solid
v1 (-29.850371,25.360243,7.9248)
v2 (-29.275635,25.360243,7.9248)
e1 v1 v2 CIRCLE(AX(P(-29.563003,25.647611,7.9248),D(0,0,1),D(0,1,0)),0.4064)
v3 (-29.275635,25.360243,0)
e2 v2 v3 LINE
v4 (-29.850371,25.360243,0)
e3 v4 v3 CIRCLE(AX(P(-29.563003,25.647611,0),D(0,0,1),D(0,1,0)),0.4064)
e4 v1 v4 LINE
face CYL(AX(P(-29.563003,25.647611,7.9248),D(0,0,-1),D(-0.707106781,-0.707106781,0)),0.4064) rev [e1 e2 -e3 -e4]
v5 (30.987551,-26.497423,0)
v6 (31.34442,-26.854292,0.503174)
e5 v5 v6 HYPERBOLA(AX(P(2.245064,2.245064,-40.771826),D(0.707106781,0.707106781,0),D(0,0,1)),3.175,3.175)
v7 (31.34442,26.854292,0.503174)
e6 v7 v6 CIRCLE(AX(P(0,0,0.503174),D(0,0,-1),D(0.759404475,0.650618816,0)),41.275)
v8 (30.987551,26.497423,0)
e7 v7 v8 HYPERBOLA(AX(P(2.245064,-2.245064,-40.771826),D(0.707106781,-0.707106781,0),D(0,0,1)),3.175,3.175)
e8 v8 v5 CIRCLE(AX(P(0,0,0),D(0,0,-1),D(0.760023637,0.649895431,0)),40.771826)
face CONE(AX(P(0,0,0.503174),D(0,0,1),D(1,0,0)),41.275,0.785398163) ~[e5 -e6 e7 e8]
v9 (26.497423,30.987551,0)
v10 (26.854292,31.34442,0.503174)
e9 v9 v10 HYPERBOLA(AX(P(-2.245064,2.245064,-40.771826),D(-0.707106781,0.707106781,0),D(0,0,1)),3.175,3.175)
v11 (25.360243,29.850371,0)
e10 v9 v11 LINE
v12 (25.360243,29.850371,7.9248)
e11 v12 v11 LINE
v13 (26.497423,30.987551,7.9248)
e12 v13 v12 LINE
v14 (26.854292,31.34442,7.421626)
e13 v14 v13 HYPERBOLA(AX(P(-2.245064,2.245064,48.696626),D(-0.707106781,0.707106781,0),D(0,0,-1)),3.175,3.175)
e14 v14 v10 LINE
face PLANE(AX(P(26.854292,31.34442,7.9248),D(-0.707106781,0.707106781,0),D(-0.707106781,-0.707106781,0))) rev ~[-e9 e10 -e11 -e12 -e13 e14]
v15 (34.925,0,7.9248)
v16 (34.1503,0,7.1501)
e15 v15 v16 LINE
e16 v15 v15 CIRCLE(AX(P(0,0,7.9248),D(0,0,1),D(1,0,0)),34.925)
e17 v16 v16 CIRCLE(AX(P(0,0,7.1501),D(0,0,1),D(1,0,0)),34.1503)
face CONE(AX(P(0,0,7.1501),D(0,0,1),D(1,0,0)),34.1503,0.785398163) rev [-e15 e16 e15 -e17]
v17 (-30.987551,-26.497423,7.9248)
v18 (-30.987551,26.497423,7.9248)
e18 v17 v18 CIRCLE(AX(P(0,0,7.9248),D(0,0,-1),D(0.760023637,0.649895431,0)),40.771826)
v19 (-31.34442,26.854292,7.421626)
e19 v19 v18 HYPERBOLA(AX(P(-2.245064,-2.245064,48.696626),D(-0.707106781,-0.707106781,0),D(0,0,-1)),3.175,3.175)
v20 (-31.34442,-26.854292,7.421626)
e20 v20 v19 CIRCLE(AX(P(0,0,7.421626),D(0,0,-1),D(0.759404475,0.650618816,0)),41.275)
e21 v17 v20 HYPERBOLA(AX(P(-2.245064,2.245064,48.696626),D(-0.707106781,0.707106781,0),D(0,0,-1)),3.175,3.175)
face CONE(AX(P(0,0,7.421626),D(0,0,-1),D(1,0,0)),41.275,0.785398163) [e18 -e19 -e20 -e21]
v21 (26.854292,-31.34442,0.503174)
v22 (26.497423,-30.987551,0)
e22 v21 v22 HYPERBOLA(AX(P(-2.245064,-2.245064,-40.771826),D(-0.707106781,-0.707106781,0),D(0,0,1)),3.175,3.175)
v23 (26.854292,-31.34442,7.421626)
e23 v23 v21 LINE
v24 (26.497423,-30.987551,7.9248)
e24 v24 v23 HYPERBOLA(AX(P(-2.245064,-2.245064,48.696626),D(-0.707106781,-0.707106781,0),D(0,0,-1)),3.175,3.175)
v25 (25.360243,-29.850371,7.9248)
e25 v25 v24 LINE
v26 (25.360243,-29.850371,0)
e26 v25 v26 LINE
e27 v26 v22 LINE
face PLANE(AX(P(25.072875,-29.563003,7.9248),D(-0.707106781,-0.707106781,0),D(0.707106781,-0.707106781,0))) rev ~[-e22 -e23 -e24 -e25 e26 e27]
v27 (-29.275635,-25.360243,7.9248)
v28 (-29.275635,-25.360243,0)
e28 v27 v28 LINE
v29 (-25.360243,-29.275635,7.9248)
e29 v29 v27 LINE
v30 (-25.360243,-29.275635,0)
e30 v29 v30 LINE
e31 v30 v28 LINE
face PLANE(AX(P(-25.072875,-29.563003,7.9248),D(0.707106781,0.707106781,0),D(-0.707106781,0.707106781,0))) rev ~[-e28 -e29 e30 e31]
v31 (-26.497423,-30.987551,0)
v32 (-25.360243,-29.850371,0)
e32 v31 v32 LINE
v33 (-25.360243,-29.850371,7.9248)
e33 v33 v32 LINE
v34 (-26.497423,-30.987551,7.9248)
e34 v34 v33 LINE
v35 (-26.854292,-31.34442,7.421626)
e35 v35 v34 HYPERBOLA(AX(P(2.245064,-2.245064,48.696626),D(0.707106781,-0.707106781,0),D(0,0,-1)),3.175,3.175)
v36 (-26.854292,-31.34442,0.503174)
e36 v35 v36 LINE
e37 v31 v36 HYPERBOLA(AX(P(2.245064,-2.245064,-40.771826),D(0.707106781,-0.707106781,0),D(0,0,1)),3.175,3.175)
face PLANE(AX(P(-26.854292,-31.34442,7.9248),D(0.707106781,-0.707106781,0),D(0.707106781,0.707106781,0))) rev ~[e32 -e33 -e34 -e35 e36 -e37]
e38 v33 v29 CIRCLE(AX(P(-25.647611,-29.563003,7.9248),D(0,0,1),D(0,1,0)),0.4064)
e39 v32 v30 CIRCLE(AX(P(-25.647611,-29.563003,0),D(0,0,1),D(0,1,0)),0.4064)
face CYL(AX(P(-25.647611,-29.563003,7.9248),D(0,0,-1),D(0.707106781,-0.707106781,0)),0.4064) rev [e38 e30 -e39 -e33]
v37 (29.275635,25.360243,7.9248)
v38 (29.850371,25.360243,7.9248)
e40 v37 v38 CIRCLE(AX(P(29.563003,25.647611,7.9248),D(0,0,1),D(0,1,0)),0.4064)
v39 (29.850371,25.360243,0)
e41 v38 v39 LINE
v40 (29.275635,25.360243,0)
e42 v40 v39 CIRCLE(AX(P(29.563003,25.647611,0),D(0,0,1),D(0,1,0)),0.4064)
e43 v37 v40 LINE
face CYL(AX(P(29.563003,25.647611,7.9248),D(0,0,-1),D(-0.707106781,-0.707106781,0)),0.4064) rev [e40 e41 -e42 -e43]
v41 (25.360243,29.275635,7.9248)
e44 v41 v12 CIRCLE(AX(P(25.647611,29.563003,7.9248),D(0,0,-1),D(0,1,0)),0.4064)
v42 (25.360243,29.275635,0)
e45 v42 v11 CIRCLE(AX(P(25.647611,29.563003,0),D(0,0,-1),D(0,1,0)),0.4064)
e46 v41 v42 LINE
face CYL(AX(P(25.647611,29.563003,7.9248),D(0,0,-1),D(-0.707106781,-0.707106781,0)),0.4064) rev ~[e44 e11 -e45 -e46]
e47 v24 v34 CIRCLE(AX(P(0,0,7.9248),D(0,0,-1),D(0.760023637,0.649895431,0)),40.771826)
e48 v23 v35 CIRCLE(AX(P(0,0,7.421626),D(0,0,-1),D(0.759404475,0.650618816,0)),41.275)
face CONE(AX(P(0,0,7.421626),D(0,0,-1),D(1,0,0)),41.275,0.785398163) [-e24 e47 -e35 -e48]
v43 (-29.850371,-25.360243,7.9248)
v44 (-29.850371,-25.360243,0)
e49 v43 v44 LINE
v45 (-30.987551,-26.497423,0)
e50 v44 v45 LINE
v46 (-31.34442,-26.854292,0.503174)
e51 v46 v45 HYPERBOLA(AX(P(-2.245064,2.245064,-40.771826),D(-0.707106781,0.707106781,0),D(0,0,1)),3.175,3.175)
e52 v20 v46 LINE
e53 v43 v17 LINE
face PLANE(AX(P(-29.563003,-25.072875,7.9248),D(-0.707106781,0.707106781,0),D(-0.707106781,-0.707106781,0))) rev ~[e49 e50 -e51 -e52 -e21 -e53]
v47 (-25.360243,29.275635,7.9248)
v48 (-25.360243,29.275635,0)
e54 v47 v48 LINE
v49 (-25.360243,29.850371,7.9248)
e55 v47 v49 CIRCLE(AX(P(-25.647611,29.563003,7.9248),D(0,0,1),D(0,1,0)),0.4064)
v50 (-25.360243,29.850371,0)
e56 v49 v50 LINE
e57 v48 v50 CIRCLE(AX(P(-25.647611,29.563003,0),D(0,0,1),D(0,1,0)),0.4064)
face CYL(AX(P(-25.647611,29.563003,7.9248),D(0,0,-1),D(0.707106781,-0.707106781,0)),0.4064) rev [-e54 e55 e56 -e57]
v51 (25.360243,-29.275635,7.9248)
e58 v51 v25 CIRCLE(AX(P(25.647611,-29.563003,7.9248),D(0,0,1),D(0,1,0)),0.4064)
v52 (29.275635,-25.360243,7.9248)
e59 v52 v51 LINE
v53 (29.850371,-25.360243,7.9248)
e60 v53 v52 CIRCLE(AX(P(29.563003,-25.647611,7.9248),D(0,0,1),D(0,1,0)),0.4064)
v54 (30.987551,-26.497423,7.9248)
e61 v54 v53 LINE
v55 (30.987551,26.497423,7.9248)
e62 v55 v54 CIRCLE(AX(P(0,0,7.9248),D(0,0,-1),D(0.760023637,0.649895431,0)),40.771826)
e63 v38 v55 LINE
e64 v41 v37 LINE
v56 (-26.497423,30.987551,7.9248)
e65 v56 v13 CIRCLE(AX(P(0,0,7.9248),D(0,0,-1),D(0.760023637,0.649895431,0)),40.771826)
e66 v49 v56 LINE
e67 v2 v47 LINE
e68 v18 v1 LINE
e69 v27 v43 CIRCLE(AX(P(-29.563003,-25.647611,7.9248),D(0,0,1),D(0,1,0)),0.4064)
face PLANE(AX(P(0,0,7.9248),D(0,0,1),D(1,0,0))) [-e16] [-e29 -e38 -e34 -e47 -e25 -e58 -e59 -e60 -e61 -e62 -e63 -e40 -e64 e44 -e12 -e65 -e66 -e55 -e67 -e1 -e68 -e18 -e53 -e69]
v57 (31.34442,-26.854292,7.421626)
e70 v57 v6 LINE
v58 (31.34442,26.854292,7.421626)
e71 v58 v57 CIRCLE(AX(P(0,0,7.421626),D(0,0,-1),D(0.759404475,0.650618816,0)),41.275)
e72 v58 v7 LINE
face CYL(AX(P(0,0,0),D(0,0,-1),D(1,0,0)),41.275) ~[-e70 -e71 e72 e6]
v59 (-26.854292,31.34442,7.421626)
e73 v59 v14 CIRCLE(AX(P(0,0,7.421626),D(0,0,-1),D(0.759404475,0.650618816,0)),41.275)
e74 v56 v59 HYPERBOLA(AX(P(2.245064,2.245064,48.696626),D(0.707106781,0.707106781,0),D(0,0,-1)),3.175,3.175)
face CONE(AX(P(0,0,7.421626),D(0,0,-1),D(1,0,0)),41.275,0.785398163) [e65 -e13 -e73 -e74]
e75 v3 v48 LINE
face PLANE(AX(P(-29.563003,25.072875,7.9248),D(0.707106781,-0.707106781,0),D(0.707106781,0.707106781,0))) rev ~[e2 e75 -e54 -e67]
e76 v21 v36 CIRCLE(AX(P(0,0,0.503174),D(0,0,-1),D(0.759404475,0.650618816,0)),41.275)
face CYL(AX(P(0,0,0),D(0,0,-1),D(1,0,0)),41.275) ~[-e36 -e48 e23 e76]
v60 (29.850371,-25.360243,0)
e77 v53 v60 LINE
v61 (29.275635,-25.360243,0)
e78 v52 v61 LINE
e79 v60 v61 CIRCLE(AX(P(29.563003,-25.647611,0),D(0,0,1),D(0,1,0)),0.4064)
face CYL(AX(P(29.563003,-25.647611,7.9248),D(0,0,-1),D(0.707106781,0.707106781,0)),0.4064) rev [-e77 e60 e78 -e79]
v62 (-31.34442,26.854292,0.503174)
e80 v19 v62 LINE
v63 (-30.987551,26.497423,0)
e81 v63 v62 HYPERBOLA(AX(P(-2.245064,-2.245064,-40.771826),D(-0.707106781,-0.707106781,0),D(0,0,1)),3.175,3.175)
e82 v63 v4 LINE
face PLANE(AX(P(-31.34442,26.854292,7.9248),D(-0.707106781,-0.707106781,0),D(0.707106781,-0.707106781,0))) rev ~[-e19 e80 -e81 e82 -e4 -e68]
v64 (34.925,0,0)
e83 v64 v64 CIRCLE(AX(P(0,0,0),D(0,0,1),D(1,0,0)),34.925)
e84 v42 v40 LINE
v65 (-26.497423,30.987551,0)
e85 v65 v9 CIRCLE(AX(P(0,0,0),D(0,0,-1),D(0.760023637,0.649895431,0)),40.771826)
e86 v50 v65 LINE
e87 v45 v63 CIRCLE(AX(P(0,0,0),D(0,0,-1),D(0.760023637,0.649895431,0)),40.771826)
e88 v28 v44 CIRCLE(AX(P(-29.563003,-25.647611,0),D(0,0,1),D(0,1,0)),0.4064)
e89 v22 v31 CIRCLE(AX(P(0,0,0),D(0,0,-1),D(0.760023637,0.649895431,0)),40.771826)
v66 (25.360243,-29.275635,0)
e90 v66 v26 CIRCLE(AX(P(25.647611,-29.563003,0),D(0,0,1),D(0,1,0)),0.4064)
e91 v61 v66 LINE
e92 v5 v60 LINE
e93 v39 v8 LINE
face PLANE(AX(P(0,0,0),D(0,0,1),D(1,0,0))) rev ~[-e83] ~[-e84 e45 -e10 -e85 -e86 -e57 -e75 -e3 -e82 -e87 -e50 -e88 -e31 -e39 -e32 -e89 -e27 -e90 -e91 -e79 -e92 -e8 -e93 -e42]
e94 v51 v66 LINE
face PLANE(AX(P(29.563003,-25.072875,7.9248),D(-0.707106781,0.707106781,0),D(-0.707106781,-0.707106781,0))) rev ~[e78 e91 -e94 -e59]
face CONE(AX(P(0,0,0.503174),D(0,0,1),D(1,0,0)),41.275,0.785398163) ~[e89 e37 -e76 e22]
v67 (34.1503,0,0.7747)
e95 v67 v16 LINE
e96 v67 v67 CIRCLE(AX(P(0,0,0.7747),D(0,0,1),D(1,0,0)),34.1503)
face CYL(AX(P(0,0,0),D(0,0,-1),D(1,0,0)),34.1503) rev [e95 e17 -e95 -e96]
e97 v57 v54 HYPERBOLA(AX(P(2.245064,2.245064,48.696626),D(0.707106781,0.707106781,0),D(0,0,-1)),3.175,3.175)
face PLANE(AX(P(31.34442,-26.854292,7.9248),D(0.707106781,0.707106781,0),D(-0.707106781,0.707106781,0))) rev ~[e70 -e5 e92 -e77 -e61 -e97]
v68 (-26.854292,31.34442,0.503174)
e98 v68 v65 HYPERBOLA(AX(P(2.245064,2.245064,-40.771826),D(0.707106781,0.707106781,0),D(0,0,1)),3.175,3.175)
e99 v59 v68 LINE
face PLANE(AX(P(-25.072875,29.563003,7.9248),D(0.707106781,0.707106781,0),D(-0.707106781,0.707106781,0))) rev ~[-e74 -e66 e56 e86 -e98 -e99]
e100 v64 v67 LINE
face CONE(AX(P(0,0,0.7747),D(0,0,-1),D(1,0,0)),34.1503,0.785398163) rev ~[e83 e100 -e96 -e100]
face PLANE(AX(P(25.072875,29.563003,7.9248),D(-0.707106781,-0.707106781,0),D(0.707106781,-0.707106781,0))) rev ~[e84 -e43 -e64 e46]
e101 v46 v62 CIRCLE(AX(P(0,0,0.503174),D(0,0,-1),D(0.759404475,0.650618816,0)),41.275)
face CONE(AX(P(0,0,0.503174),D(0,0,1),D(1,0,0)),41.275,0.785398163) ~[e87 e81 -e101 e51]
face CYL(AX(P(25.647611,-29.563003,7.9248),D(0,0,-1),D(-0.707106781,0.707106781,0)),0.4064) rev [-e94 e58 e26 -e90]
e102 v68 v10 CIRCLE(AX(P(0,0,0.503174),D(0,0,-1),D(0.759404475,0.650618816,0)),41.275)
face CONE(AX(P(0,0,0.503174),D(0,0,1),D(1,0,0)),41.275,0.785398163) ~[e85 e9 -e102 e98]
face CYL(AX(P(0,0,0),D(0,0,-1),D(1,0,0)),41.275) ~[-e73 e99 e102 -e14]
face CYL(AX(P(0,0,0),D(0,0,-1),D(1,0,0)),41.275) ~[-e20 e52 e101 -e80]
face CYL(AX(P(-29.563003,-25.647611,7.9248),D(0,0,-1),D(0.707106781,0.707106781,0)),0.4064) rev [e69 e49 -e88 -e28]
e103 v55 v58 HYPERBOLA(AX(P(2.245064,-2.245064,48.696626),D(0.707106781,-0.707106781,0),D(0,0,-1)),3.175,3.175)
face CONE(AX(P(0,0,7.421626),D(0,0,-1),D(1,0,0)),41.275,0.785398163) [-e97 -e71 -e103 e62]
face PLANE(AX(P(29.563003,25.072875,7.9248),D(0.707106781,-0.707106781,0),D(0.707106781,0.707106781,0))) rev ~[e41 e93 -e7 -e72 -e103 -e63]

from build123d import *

# Parameters (mm, degrees)
SKETCH1_R                = 41.275
SKETCH1_R_2              = 34.1503
EXTRUDE1_DEPTH           = 7.9248
CHAMFER1_SIZE            = 0.503174
CHAMFER2_SIZE            = 0.7747
CUT_EXTRUDE1_DEPTH       = 8.9248
FILLET1_R                = 0.4064
CIRPATTERN1_COUNT        = 4
FILLET1_OF_CIRPATTERN1_R = 0.4064


with BuildPart() as part:
    # Sketch1 → Extrude1 (new body)
    with BuildSketch(Plane.XY):
        Circle(SKETCH1_R)
        Circle(SKETCH1_R_2, mode=Mode.SUBTRACT)
    extrude(amount=EXTRUDE1_DEPTH)

    # Chamfer1
    chamfer1_edges = [part.edges().sort_by_distance(p)[0] for p in [
        (-41.275, 0, 0),
        (-41.275, 0, 7.9248),
    ]]
    chamfer(chamfer1_edges, length=CHAMFER1_SIZE)

    # Chamfer2
    chamfer2_edges = [part.edges().sort_by_distance(p)[0] for p in [
        (-34.1503, 0, 0),
        (-34.1503, 0, 7.9248),
    ]]
    chamfer(chamfer2_edges, length=CHAMFER2_SIZE)

    # Sketch2 → Cut-Extrude1 (cut, through all)
    with BuildSketch(Plane.XY.offset(7.9248)):
        with BuildLine():
            Line((26.854291633, 31.344419693), (25.07287509, 29.563003151))
            Line((25.07287509, 29.563003151), (29.563003151, 25.07287509))
            Line((29.563003151, 25.07287509), (31.344419693, 26.854291633))
            ThreePointArc((31.344419693, 26.854291633), (29.185832393, 29.185832393), (26.854291633, 31.344419693))
        make_face()
    cut_extrude1 = extrude(amount=-CUT_EXTRUDE1_DEPTH, mode=Mode.SUBTRACT)

    # Fillet1
    fillet1_edges = [part.edges().sort_by_distance(p)[0] for p in [
        (29.563003151, 25.07287509, 3.9624),
        (25.07287509, 29.563003151, 3.9624),
    ]]
    fillet(fillet1_edges, radius=FILLET1_R)

    # CirPattern1: Cut-Extrude1 ×4 about axis
    cirpattern1_axis = Axis((0, 0, 0), (0, 0, 1))
    for i in range(1, CIRPATTERN1_COUNT):
        add(cut_extrude1.rotate(cirpattern1_axis, i * 360 / CIRPATTERN1_COUNT), mode=Mode.SUBTRACT)

    # Fillet1 of CirPattern1
    fillet1_of_cirpattern1_edges = [part.edges().sort_by_distance(p)[0] for p in [
        (-25.07287509, 29.563003151, 3.9624),
        (-29.563003151, 25.07287509, 3.9624),
        (-29.563003151, -25.07287509, 3.9624),
        (-25.07287509, -29.563003151, 3.9624),
        (25.07287509, -29.563003151, 3.9624),
        (29.563003151, -25.07287509, 3.9624),
    ]]
    fillet(fillet1_of_cirpattern1_edges, radius=FILLET1_OF_CIRPATTERN1_R)


solid = part.part
